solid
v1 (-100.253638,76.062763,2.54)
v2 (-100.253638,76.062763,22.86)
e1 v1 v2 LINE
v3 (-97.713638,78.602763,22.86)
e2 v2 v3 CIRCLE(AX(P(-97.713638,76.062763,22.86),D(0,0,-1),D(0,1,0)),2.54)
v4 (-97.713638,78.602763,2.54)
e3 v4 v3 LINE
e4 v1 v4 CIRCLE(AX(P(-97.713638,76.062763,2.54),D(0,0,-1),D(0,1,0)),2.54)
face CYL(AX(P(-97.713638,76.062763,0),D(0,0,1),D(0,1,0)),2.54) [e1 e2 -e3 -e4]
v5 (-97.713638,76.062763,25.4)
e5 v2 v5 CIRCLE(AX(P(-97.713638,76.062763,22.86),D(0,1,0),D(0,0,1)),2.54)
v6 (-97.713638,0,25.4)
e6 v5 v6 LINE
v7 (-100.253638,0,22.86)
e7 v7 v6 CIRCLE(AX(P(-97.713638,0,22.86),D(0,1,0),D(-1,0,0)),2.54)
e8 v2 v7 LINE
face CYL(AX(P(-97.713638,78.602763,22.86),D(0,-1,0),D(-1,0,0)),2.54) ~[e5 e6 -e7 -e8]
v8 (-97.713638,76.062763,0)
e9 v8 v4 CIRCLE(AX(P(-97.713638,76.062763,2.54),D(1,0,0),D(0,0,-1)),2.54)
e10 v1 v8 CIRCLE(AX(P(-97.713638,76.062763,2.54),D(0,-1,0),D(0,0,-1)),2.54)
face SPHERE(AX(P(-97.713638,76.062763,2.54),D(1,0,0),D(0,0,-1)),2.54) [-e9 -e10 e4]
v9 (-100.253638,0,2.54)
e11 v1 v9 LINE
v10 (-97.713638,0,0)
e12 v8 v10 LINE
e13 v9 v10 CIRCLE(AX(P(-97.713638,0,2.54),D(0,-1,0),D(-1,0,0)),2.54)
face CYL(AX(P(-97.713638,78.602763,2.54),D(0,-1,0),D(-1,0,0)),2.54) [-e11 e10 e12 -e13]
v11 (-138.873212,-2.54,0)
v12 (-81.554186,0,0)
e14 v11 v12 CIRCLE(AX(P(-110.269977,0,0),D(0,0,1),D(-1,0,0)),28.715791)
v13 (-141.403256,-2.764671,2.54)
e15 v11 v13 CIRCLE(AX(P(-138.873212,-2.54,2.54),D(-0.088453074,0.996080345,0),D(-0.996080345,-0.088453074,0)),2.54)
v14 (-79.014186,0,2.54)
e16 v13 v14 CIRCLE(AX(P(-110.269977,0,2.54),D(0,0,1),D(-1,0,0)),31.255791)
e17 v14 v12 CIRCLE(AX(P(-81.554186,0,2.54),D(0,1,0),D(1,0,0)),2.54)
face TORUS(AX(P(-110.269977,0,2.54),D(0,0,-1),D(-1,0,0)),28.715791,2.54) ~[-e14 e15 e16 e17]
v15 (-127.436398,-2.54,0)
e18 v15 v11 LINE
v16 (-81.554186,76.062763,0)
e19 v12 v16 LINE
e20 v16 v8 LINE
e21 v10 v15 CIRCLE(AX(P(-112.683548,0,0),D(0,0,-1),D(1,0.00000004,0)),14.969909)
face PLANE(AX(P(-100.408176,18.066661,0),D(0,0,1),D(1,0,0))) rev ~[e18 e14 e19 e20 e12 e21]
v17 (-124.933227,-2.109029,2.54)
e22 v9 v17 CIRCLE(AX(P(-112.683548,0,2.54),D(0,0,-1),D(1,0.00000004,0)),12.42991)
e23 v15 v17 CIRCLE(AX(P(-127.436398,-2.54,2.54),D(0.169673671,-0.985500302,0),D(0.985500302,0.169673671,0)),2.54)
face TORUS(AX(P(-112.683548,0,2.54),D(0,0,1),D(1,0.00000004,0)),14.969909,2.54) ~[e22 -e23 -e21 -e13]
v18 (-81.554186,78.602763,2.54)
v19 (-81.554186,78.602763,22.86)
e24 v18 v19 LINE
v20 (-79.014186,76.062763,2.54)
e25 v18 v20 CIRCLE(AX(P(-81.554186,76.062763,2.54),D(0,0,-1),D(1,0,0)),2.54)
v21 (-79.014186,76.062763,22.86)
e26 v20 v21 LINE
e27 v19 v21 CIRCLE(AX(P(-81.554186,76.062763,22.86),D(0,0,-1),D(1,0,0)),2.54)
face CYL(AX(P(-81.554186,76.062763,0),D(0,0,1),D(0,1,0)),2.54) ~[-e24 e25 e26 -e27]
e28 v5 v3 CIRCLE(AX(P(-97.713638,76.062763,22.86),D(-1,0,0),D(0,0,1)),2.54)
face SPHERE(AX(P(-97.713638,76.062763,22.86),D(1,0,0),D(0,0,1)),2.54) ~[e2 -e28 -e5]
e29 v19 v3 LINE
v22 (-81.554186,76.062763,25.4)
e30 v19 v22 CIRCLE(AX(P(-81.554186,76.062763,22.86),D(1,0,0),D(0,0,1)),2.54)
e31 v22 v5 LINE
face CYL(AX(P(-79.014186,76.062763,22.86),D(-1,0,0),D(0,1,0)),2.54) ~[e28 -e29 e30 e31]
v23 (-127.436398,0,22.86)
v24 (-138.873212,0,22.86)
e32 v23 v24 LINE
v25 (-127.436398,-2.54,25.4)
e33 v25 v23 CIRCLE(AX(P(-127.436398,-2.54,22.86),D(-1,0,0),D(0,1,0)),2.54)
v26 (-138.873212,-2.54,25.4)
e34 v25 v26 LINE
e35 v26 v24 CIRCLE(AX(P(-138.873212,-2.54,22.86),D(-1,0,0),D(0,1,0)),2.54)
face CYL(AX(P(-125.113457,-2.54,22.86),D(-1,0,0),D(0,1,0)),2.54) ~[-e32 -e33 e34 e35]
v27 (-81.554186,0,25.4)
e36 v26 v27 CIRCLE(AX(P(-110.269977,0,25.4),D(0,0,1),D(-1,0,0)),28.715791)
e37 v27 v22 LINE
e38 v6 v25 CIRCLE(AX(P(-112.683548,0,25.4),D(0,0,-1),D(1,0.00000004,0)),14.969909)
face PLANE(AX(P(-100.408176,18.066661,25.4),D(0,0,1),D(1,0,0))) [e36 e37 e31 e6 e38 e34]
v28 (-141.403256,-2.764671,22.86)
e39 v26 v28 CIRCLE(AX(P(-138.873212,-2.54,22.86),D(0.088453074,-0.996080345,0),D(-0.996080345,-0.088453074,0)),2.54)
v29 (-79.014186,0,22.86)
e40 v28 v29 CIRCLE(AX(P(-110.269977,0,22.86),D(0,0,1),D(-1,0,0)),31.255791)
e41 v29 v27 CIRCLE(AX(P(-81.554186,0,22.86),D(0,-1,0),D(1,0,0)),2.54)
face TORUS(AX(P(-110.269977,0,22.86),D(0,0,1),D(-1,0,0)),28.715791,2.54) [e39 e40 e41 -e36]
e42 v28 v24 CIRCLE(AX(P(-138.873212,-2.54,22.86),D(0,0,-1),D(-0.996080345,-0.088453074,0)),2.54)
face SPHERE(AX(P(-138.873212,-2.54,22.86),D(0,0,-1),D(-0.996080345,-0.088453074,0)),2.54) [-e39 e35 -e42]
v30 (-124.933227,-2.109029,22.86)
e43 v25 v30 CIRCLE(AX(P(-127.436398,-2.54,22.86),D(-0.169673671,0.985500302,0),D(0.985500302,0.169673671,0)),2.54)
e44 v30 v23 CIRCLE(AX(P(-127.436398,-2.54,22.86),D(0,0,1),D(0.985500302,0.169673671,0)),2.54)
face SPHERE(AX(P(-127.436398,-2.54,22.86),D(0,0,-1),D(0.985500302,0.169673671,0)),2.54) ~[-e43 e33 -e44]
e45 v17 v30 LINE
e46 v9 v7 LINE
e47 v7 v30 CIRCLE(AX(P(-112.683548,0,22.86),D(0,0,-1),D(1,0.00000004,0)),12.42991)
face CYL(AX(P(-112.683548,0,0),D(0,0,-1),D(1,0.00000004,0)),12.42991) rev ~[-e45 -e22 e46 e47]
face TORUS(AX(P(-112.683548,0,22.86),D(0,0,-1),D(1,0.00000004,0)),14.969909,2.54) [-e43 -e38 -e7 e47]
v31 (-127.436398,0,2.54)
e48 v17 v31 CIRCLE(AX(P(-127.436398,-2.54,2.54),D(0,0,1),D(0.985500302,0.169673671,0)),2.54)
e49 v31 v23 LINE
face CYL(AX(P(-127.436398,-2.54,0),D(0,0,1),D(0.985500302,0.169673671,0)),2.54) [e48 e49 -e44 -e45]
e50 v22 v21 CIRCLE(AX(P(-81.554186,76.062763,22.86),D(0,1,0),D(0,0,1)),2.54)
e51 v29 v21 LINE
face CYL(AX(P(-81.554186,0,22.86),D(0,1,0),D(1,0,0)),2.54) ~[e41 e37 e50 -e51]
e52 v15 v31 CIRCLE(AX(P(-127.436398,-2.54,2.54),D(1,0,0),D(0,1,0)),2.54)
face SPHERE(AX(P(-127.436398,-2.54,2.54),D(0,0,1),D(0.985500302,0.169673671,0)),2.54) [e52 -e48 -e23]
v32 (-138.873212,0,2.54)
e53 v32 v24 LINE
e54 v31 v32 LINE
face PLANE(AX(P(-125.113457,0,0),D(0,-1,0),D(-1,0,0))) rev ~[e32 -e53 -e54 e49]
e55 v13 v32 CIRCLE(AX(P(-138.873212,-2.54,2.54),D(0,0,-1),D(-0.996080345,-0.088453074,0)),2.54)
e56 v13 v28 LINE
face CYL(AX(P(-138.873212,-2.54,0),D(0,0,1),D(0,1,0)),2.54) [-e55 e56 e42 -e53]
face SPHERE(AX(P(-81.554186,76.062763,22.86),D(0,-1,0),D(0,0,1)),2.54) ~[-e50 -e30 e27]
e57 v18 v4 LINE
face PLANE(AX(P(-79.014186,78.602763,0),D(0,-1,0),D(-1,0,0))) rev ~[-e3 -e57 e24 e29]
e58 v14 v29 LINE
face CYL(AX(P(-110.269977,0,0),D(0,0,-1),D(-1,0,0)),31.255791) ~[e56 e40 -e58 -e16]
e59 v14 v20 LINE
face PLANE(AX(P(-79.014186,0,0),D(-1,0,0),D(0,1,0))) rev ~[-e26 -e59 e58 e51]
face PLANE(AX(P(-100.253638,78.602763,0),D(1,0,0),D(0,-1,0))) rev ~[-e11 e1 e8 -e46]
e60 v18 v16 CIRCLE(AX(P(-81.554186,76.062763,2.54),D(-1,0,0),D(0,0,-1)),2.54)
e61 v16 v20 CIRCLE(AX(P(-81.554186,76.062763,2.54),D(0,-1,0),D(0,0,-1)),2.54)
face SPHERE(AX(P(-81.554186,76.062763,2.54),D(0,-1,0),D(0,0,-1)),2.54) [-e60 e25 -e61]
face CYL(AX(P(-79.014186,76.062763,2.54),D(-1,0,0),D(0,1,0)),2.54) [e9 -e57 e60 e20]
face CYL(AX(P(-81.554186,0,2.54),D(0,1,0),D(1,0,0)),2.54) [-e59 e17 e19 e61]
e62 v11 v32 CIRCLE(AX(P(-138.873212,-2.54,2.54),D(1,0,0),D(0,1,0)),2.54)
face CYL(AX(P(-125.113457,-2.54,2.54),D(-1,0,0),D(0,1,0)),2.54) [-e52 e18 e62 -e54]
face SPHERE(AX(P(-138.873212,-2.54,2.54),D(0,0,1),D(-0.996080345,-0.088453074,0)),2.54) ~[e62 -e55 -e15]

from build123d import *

# Parameters (mm, degrees)
F1_DEPTH = 25.4
F2_R     = 2.54


with BuildPart() as f1:
    # F0 (on Top) → F1 (new body)
    with BuildSketch(Plane.XY):
        with BuildLine():
            Line((-79.014186, 78.602763), (-100.253638, 78.602763))
            Line((-100.253638, 78.602763), (-100.253638, 0))
            ThreePointArc((-100.253638, 0), (-112.683548, -12.42991), (-125.113457, 0))
            Line((-125.113457, 0), (-141.525768, 0))
            ThreePointArc((-141.525768, 0), (-110.269977, -31.255791), (-79.014186, 0))
            Line((-79.014186, 0), (-79.014186, 78.602763))
        make_face()
    extrude(amount=F1_DEPTH)

    # F2
    f2_edges = [f1.edges().sort_by_distance(p)[0] for p in [
        (-79.014186, 39.301381, 25.4),
        (-89.633912, 78.602763, 25.4),
        (-100.253638, 39.301381, 25.4),
        (-112.683548, -12.42991, 25.4),
        (-133.319613, 0, 25.4),
        (-110.269977, -31.255791, 25.4),
        (-79.014186, 39.301381, 0),
        (-89.633912, 78.602763, 0),
        (-100.253638, 39.301381, 0),
        (-112.683548, -12.42991, 0),
        (-133.319613, 0, 0),
        (-110.269977, -31.255791, 0),
        (-79.014186, 78.602763, 12.7),
        (-100.253638, 78.602763, 12.7),
        (-125.113457, 0, 12.7),
        (-141.525768, 0, 12.7),
    ]]
    fillet(f2_edges, radius=F2_R)


solid = f1.part
